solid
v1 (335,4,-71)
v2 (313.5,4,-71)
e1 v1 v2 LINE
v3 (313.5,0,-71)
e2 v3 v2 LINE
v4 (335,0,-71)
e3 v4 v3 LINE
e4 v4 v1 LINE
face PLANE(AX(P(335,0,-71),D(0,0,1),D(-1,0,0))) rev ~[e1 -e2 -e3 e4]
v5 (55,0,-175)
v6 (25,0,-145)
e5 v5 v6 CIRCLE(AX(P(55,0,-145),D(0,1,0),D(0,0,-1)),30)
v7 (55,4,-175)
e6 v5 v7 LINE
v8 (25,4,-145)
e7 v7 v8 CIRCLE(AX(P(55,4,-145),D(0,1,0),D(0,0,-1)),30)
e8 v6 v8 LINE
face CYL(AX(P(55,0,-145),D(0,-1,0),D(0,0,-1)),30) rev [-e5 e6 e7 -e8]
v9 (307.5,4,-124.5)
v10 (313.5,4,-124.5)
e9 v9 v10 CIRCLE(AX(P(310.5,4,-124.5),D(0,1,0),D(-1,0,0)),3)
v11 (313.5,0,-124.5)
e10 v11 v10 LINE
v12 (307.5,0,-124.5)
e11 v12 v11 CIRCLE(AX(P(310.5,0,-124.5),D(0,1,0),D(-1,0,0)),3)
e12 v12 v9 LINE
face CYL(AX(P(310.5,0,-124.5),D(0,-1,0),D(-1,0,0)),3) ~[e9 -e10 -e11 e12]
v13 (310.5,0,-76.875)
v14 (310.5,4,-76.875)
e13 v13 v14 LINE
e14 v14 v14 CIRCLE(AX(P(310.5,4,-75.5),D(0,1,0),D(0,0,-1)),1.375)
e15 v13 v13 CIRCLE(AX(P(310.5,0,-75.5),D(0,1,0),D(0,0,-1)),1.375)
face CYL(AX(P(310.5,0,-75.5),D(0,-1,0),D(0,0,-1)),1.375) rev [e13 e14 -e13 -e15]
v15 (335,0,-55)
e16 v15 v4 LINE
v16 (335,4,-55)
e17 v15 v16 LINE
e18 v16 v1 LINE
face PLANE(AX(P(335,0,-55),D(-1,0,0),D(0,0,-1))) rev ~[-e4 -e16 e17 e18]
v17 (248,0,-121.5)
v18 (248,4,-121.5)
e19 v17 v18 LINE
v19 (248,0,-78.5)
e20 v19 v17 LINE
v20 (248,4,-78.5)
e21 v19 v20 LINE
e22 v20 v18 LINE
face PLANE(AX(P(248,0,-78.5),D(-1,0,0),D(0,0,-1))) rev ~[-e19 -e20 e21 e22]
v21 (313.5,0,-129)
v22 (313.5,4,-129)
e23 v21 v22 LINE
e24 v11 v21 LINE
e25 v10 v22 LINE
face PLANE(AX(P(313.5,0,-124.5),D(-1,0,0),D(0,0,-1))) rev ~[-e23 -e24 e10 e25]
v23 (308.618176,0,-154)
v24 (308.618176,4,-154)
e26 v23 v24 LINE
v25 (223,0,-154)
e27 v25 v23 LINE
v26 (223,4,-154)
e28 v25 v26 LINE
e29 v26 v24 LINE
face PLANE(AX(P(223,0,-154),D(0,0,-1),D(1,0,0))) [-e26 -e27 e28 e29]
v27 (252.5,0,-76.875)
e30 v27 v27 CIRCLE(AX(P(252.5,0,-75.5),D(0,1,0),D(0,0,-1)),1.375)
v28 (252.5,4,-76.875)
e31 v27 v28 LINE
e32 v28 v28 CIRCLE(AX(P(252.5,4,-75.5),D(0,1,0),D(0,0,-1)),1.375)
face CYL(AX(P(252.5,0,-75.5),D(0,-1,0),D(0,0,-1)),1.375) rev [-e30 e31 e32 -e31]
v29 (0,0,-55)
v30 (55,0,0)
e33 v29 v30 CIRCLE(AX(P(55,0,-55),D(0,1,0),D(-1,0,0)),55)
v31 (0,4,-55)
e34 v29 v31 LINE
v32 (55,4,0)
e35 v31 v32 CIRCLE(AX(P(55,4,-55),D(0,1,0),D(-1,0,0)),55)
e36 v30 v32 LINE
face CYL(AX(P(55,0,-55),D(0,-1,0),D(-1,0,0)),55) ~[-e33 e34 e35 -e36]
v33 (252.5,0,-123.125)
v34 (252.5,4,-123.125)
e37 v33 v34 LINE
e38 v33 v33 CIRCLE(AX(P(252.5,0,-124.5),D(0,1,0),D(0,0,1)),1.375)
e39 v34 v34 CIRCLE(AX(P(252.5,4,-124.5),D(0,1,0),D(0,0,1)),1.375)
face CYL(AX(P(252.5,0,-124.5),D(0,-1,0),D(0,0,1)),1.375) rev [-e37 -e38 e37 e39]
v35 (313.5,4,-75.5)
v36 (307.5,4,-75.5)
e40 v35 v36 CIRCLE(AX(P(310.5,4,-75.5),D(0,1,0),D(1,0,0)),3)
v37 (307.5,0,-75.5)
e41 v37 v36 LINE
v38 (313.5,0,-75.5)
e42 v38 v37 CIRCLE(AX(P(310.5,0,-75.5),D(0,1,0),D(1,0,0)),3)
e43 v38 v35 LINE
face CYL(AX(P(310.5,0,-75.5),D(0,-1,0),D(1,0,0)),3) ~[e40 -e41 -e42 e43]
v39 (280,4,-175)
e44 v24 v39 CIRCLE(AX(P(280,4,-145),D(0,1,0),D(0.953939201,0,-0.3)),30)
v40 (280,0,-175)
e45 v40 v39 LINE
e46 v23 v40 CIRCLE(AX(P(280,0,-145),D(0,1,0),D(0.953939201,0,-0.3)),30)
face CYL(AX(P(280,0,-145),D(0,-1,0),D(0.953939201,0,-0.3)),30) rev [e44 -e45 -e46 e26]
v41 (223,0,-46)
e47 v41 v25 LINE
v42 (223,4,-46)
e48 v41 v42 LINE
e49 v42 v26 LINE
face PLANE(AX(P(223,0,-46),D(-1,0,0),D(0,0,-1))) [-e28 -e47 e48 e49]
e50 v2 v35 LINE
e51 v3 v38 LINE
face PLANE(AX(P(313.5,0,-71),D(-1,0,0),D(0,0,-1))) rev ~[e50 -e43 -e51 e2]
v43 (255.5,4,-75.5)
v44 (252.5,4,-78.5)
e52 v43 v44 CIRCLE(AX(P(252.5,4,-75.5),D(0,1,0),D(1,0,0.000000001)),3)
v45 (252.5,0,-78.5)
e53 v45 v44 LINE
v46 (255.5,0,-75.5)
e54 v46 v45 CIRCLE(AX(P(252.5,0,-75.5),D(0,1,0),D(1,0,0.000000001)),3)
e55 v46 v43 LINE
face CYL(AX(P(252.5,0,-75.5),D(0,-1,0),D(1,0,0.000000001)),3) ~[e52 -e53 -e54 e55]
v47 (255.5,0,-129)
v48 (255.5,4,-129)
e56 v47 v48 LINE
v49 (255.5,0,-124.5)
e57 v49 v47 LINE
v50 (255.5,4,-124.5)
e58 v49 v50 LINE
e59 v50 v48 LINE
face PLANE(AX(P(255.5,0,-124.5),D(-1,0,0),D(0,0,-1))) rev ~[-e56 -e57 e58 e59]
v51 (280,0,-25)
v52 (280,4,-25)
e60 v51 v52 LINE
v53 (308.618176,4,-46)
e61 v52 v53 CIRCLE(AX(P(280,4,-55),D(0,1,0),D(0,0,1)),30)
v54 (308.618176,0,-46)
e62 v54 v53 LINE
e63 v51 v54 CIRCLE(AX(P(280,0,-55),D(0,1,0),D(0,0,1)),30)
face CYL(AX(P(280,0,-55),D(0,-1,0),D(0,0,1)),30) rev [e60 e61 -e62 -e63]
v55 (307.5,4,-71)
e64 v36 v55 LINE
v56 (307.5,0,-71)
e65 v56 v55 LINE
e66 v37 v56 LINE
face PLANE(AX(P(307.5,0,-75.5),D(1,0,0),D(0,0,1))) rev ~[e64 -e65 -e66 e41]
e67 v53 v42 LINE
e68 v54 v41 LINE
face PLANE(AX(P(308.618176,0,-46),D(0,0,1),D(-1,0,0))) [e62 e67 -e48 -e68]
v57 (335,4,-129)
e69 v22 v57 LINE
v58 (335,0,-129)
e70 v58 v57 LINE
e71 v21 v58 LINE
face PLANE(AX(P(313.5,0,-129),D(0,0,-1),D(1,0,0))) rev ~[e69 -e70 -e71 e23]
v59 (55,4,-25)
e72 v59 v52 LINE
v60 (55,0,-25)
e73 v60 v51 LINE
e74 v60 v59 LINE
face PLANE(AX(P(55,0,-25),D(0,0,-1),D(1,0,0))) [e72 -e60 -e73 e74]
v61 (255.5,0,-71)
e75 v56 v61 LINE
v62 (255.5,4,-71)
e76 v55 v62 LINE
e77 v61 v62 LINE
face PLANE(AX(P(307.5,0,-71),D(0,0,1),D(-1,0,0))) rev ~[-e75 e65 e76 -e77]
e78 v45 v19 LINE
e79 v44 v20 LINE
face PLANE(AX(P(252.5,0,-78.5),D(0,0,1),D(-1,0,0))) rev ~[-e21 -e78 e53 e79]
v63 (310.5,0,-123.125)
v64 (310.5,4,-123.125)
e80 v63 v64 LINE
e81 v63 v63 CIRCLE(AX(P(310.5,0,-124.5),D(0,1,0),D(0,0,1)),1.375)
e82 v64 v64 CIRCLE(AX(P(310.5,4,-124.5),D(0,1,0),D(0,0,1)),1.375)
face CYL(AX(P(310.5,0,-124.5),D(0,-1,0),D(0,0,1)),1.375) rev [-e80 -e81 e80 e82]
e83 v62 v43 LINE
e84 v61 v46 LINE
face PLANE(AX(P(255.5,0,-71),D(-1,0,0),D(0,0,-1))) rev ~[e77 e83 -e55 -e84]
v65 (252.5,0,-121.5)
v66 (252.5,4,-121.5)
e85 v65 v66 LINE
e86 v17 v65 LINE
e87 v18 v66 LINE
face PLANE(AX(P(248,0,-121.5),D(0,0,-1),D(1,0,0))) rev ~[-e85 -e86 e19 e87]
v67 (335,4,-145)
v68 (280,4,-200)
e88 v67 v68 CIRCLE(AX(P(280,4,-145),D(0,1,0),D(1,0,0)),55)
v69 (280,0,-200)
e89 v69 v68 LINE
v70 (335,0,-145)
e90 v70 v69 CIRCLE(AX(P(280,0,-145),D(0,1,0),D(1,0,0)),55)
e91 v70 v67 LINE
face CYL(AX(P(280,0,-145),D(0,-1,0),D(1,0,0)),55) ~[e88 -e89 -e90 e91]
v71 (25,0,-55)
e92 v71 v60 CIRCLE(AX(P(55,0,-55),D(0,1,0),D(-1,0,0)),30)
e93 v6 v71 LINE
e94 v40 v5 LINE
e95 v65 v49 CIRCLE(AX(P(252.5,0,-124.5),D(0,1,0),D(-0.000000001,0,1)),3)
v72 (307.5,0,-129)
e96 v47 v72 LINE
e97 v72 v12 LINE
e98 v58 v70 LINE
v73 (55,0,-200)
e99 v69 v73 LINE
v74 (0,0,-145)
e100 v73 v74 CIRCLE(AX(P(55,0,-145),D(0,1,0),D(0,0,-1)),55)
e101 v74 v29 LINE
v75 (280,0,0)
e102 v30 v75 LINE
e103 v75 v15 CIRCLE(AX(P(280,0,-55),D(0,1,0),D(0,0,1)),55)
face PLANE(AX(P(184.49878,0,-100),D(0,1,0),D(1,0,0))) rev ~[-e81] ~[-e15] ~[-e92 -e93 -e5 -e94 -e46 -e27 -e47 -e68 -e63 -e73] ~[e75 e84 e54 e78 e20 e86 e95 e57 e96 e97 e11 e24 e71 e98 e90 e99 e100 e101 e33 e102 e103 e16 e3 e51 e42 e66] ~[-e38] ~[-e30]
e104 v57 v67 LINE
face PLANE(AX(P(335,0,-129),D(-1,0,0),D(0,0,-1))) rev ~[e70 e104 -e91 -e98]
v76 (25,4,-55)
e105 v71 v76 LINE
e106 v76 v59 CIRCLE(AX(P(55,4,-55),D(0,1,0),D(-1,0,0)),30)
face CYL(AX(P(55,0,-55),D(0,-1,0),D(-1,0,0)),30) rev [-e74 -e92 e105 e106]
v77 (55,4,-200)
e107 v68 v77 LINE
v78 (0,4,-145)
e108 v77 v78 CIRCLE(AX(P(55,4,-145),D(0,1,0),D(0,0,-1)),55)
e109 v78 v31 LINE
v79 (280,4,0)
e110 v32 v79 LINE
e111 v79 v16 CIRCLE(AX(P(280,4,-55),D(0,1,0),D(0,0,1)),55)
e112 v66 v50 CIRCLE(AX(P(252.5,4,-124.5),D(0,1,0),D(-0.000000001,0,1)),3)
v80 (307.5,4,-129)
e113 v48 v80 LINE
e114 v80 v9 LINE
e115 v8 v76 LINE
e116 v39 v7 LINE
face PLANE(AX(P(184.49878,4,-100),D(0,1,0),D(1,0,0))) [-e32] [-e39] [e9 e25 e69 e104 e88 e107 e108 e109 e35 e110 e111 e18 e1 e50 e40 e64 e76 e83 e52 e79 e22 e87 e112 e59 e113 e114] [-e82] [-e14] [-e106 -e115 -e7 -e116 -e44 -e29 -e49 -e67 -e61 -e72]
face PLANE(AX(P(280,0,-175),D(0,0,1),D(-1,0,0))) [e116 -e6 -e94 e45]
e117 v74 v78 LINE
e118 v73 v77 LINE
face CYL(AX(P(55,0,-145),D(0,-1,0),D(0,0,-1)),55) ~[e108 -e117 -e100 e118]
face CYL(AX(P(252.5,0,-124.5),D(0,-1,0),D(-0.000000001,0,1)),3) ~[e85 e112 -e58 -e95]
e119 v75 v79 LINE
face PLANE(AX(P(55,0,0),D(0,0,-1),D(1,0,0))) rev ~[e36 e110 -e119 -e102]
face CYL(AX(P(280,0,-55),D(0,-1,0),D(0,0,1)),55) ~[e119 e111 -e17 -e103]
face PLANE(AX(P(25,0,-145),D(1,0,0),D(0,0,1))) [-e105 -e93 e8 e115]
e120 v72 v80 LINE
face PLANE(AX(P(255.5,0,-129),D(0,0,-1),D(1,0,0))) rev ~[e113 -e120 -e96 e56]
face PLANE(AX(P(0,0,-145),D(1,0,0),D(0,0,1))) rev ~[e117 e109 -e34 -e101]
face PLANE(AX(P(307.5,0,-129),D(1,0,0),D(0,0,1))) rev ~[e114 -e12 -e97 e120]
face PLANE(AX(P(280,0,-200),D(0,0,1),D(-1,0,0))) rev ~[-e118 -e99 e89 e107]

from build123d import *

# Parameters (mm, degrees)
SKETCH1_R           = 1.375
BOSS_EXTRUDE1_DEPTH = 4


with BuildPart() as part:
    # Sketch1 → Boss-Extrude1 (new body)
    with BuildSketch(Plane(origin=(0, 0, 0), x_dir=(1, 0, 0), z_dir=(0, 1, 0))):
        with BuildLine():
            Line((55, 0), (280, 0))
            ThreePointArc((280, 0), (318.890872965, 16.109127035), (335, 55))
            Line((335, 55), (335, 71))
            Line((335, 71), (313.5, 71))
            Line((313.5, 71), (313.5, 75.5))
            ThreePointArc((313.5, 75.5), (310.5, 78.5), (307.5, 75.5))
            Line((307.5, 75.5), (307.5, 71))
            Line((307.5, 71), (255.5, 71))
            Line((255.5, 71), (255.5, 75.5))
            ThreePointArc((255.5, 75.5), (254.621320344, 77.621320344), (252.5, 78.5))
            Line((252.5, 78.5), (248, 78.5))
            Line((248, 78.5), (248, 121.5))
            Line((248, 121.5), (252.5, 121.5))
            ThreePointArc((252.5, 121.5), (254.621320344, 122.378679656), (255.5, 124.5))
            Line((255.5, 124.5), (255.5, 129))
            Line((255.5, 129), (307.5, 129))
            Line((307.5, 129), (307.5, 124.5))
            ThreePointArc((307.5, 124.5), (310.5, 121.5), (313.5, 124.5))
            Line((313.5, 124.5), (313.5, 129))
            Line((313.5, 129), (335, 129))
            Line((335, 129), (335, 145))
            ThreePointArc((335, 145), (318.890872965, 183.890872965), (280, 200))
            Line((280, 200), (55, 200))
            ThreePointArc((55, 200), (16.109127035, 183.890872965), (0, 145))
            Line((0, 145), (0, 55))
            ThreePointArc((0, 55), (16.109127035, 16.109127035), (55, 0))
        make_face()
        with Locations(Location((252.5, 124.5, 0), (0, 0, 270))):
            Circle(SKETCH1_R, mode=Mode.SUBTRACT)
        with Locations(Location((252.5, 75.5, 0), (0, 0, 90))):
            Circle(SKETCH1_R, mode=Mode.SUBTRACT)
        with Locations(Location((310.5, 124.5, 0), (0, 0, 270))):
            Circle(SKETCH1_R, mode=Mode.SUBTRACT)
        with Locations(Location((310.5, 75.5, 0), (0, 0, 90))):
            Circle(SKETCH1_R, mode=Mode.SUBTRACT)
        with BuildLine():
            Line((55, 25), (280, 25))
            ThreePointArc((280, 25), (297.748239349, 30.813226755), (308.618176043, 46))
            Line((308.618176043, 46), (223, 46))
            Line((223, 46), (223, 154))
            Line((223, 154), (308.618176043, 154))
            ThreePointArc((308.618176043, 154), (297.748239349, 169.186773245), (280, 175))
            Line((280, 175), (55, 175))
            ThreePointArc((55, 175), (33.786796564, 166.213203436), (25, 145))
            Line((25, 145), (25, 55))
            ThreePointArc((25, 55), (33.786796564, 33.786796564), (55, 25))
        make_face(mode=Mode.SUBTRACT)
    extrude(amount=BOSS_EXTRUDE1_DEPTH)


solid = part.part
